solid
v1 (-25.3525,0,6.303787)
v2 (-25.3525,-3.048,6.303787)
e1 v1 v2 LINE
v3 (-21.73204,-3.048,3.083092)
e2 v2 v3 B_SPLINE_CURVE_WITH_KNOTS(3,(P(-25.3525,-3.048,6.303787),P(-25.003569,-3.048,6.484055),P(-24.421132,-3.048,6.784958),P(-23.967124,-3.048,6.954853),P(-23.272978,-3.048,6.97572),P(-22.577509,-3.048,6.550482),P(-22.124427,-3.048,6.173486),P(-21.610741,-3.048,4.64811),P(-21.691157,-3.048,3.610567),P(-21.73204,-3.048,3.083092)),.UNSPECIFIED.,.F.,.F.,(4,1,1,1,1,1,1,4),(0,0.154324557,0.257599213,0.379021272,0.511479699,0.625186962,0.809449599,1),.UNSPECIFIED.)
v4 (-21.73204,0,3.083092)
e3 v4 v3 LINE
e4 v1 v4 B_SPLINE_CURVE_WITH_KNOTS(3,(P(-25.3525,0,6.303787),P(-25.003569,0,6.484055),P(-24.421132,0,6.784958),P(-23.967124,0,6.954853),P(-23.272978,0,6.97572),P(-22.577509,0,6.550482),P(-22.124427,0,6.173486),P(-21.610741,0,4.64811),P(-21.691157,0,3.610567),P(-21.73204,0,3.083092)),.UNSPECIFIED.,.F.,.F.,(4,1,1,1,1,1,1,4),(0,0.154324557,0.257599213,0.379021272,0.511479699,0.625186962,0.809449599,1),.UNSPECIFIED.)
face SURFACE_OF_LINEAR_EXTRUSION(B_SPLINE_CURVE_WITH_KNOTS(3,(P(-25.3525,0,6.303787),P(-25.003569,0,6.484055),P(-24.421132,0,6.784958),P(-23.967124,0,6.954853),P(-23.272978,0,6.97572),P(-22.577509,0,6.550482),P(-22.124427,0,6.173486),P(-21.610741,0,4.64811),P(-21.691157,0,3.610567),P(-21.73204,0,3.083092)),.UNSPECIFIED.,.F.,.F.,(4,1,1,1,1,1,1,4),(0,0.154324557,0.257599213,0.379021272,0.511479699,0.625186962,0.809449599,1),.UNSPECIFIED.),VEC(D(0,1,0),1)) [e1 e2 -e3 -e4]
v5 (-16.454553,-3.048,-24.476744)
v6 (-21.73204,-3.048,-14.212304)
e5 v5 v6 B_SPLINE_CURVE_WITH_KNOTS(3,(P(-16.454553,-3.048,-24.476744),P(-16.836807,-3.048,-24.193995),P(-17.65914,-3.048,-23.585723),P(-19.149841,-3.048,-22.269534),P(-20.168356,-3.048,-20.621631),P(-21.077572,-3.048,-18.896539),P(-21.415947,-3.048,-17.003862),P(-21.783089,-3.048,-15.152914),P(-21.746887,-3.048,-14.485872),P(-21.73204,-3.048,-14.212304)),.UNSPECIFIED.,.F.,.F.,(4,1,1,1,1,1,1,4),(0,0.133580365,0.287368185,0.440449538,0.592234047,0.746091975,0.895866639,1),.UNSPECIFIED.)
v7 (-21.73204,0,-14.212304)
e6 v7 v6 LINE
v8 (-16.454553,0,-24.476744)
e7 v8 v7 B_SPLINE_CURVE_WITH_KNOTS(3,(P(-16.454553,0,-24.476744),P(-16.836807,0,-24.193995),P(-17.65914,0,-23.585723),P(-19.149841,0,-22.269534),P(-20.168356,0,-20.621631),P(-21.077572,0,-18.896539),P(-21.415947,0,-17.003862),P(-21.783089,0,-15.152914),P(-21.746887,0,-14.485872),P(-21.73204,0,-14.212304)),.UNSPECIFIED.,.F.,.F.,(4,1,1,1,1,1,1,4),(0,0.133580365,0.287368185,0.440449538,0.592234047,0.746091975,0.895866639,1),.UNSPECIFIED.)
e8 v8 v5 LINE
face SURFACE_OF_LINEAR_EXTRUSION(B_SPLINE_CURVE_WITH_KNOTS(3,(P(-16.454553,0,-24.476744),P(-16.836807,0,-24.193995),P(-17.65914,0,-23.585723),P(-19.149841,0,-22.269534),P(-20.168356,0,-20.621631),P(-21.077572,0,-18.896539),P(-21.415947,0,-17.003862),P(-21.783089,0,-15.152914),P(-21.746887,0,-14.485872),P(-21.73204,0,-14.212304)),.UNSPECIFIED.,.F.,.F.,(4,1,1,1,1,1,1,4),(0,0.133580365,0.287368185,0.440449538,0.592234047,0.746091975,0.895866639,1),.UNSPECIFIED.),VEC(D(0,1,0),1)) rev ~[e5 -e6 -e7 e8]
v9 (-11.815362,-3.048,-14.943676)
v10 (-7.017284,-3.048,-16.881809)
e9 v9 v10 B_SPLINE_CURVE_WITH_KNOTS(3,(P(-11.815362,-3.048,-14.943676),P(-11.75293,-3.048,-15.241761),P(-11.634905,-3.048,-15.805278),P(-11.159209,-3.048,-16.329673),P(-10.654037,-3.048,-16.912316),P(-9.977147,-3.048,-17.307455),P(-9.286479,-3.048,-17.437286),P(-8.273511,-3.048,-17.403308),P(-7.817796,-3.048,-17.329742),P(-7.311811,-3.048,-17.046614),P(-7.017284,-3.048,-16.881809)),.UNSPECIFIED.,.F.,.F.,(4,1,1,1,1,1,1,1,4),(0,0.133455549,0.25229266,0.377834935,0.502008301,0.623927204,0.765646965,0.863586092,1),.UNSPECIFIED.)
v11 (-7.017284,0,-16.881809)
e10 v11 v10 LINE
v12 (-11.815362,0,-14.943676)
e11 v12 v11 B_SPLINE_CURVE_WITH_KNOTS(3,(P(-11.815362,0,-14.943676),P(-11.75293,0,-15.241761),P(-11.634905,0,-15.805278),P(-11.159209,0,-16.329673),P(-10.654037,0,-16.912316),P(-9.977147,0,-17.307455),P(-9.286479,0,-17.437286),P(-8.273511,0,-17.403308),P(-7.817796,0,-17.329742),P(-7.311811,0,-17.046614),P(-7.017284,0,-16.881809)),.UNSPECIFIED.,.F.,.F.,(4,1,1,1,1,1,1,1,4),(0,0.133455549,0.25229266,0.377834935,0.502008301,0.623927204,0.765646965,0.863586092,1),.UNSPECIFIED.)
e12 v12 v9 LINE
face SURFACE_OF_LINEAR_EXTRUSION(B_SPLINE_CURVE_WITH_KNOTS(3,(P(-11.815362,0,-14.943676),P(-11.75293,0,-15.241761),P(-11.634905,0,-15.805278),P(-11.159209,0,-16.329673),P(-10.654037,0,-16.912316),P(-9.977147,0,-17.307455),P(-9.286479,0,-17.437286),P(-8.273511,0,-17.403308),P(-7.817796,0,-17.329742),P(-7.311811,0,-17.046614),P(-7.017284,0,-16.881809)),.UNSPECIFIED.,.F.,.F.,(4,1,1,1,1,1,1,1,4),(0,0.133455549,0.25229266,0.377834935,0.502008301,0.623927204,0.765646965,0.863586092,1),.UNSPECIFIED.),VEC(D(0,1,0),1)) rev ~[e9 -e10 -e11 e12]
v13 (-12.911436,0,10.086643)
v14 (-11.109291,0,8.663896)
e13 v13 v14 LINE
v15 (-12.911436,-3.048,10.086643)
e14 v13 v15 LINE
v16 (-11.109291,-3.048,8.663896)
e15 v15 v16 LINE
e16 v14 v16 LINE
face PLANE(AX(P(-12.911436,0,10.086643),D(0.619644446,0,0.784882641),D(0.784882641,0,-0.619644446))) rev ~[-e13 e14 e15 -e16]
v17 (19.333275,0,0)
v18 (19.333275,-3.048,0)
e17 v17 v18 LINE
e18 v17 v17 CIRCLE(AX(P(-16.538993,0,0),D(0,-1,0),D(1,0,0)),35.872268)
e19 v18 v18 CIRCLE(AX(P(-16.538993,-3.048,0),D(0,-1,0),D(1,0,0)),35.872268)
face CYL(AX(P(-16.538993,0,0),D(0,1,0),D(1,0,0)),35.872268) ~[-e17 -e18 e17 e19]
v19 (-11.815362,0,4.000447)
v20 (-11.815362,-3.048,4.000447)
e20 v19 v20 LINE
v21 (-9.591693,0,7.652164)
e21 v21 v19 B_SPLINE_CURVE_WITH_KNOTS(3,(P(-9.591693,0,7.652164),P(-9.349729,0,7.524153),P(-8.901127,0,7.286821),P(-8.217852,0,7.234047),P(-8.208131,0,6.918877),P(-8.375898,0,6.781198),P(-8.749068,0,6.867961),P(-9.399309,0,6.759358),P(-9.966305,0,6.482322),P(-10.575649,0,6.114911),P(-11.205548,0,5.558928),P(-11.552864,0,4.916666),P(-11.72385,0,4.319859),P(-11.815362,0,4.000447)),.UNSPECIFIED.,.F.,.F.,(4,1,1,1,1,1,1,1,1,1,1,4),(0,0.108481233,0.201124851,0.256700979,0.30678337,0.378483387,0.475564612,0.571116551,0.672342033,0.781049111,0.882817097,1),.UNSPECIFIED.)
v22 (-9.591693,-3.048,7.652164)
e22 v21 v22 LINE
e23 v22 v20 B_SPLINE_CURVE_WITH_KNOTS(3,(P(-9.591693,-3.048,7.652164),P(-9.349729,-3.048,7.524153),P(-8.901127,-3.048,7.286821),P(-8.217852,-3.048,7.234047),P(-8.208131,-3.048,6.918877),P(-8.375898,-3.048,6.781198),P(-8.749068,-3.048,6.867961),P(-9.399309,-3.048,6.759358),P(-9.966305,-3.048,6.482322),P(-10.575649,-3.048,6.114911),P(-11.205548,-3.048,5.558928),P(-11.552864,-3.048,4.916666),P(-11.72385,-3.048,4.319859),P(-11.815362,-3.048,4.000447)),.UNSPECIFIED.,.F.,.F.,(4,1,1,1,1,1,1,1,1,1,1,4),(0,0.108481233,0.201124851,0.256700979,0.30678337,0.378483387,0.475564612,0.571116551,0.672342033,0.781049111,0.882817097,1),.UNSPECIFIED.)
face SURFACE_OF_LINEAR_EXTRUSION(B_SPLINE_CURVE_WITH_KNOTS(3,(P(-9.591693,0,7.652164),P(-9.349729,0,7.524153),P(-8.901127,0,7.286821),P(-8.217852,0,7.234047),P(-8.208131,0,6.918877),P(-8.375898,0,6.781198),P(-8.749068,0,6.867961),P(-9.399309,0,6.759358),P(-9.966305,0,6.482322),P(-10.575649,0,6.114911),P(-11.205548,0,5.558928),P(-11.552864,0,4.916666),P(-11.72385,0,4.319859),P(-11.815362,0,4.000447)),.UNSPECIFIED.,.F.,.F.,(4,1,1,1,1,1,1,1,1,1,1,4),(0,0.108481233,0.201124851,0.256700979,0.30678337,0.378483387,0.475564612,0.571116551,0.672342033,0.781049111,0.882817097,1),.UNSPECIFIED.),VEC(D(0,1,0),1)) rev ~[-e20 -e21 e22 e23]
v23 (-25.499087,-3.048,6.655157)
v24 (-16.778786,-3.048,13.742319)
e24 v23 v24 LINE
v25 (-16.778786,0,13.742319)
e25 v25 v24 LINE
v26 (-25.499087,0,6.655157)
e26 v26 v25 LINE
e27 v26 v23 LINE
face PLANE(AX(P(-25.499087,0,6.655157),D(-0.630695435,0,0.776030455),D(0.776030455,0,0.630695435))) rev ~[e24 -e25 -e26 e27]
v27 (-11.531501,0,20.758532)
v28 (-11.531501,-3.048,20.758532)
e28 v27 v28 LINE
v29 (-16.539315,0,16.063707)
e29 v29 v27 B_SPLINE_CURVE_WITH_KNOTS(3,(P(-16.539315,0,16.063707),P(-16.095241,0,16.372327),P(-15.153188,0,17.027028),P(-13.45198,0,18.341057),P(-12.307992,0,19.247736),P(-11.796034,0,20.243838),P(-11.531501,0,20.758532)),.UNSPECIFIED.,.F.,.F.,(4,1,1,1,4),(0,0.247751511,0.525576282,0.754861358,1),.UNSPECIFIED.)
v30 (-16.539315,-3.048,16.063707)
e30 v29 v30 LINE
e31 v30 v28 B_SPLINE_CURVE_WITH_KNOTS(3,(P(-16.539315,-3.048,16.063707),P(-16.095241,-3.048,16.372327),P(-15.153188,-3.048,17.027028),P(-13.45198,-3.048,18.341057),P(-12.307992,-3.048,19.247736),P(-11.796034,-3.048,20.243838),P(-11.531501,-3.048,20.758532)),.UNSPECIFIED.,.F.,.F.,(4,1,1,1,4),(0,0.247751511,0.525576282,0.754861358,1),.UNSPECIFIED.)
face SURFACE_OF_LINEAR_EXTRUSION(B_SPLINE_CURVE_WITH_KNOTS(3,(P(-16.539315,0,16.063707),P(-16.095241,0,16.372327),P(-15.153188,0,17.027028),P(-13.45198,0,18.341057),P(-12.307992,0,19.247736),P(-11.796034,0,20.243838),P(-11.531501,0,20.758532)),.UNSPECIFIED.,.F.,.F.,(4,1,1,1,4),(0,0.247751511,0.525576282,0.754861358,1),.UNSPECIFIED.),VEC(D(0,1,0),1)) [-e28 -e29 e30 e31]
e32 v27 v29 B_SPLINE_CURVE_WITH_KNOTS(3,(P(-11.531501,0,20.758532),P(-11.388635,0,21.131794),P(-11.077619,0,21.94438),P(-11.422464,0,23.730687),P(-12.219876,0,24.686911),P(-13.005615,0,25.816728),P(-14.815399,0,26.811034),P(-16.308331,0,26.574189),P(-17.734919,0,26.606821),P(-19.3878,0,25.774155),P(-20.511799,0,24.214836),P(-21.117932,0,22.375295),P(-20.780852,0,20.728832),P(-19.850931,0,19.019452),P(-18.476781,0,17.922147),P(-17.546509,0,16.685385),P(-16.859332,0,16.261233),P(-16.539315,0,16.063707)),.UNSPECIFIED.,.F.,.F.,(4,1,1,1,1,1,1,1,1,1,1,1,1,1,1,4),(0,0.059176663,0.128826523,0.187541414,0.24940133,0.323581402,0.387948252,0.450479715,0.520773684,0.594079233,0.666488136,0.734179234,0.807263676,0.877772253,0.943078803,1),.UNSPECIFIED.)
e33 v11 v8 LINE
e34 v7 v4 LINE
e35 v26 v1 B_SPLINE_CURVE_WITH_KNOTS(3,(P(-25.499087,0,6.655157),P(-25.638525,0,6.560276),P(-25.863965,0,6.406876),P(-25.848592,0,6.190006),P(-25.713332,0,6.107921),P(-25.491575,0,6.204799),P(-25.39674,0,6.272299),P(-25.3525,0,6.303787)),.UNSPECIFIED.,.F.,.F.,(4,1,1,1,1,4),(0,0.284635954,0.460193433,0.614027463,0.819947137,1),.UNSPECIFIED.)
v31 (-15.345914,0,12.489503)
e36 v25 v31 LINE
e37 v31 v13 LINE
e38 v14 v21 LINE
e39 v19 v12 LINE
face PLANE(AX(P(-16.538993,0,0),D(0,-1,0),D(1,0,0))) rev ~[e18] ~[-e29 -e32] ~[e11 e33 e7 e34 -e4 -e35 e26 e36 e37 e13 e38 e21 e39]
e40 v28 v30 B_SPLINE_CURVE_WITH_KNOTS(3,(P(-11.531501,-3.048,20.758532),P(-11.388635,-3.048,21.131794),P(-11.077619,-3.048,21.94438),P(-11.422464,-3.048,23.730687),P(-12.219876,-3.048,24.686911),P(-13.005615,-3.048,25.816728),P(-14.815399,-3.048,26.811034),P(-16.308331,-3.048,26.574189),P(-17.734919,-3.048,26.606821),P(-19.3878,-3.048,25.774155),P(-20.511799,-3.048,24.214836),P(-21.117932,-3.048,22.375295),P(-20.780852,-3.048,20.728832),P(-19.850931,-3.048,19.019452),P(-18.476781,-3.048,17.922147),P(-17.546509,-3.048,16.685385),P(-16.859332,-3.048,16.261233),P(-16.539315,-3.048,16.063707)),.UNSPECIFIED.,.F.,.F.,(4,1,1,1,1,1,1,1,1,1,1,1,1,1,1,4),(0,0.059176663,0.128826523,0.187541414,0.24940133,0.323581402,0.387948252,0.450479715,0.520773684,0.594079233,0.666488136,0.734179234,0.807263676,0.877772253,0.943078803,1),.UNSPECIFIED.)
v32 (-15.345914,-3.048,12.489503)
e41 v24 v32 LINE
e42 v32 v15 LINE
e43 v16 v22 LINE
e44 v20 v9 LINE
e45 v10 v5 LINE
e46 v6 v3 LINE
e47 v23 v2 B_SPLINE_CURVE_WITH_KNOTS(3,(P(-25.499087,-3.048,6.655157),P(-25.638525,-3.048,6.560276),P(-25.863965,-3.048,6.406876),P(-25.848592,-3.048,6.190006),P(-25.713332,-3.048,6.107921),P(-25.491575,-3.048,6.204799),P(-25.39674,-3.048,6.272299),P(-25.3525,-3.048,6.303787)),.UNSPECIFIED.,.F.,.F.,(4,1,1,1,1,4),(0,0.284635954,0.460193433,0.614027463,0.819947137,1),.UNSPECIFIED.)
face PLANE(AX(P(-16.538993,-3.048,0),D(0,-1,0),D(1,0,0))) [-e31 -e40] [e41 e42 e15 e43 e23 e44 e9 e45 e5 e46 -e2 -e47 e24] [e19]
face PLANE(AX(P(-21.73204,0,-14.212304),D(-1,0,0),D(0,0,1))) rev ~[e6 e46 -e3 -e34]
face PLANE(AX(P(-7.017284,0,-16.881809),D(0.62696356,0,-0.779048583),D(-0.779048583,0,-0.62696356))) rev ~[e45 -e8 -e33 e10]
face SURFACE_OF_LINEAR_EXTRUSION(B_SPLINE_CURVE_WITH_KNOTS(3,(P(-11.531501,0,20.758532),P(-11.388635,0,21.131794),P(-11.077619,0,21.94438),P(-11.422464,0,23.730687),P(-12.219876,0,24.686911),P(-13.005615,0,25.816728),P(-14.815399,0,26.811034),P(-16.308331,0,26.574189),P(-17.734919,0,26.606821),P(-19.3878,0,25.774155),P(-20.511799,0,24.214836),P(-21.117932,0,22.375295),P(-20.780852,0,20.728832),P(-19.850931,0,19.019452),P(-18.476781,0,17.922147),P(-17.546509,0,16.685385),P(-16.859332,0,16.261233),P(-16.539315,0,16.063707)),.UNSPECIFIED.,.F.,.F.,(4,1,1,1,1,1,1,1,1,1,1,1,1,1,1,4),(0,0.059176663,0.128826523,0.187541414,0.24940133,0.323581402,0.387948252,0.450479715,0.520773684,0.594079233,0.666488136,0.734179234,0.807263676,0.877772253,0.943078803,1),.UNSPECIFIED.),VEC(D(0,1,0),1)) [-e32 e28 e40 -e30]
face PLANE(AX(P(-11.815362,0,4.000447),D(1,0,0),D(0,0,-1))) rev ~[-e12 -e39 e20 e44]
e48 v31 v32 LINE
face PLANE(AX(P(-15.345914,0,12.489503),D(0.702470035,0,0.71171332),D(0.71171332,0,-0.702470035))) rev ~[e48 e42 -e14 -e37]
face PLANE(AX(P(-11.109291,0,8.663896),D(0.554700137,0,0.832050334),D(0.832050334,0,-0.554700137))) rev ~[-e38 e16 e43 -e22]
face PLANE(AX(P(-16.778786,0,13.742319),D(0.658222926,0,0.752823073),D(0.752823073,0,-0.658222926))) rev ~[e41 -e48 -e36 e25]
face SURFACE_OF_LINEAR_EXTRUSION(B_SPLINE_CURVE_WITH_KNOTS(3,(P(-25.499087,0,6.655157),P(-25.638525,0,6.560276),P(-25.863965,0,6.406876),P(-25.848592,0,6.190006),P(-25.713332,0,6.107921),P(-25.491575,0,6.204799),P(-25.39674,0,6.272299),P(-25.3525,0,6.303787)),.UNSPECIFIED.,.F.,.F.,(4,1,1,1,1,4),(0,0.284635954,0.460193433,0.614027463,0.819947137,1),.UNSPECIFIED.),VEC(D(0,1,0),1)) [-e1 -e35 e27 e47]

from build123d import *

# Parameters (mm, degrees)
F0_R     = 35.8722677543
F1_DEPTH = 3.048


with BuildPart() as f1:
    # F0 (on Front) → F1 (new body)
    with BuildSketch(Plane.XZ):
        with Locations((-16.5389925241, 0)):
            Circle(F0_R)
        with BuildLine():
            Line((-7.0172841661, -16.8818086386), (-16.4545532316, -24.4767442346))
            add(Edge.make_bspline(
                [(-16.4545532316, -24.4767442346), (-16.8368068171, -24.1939949846), (-17.6591396418, -23.5857234125), (-19.1498410611, -22.2695343414), (-20.1683555608, -20.6216308858), (-21.0775722167, -18.8965393574), (-21.4159472056, -17.0038620995), (-21.7830891286, -15.1529140615), (-21.7468870372, -14.4858724729), (-21.7320397496, -14.2123037949)],
                knots=[0, 0, 0, 0, 0.1335803654, 0.2873681853, 0.4404495382, 0.5922340471, 0.7460919747, 0.8958666386, 1, 1, 1, 1], degree=3))
            Line((-21.7320397496, -14.2123037949), (-21.7320397496, 3.0830921605))
            add(Edge.make_bspline(
                [(-25.3525003791, 6.3037872314), (-25.0035694122, 6.4840549077), (-24.4211323439, 6.784958487), (-23.9671240009, 6.9548534074), (-23.2729776472, 6.9757200424), (-22.5775088209, 6.5504818074), (-22.1244270369, 6.173485954), (-21.610740531, 4.6481096322), (-21.6911569949, 3.6105665011), (-21.7320397496, 3.0830921605)],
                knots=[0, 0, 0, 0, 0.1543245572, 0.2575992135, 0.3790212722, 0.5114796991, 0.6251869619, 0.8094495986, 1, 1, 1, 1], degree=3))
            add(Edge.make_bspline(
                [(-25.499086827, 6.6551566124), (-25.6385246281, 6.5602763851), (-25.8639647367, 6.4068760261), (-25.8485920944, 6.1900064814), (-25.7133319129, 6.107920989), (-25.4915746658, 6.2047990872), (-25.3967399547, 6.2722990707), (-25.3525003791, 6.3037872314)],
                knots=[0, 0, 0, 0, 0.2846359539, 0.4601934329, 0.6140274626, 0.8199471371, 1, 1, 1, 1], degree=3))
            Line((-25.499086827, 6.6551566124), (-16.7787857354, 13.7423193082))
            Line((-16.7787857354, 13.7423193082), (-15.3459142894, 12.4895032495))
            Line((-15.3459142894, 12.4895032495), (-12.911436148, 10.0866425782))
            Line((-12.911436148, 10.0866425782), (-11.1092906445, 8.6638955399))
            Line((-11.1092906445, 8.6638955399), (-9.5916930586, 7.6521639712))
            add(Edge.make_bspline(
                [(-9.5916930586, 7.6521639712), (-9.349729434, 7.5241534863), (-8.901127436, 7.2868212866), (-8.2178516893, 7.2340472433), (-8.2081308902, 6.9188765434), (-8.3758976081, 6.7811977964), (-8.7490682058, 6.8679608418), (-9.3993086232, 6.7593583892), (-9.9663047763, 6.4823224185), (-10.5756488537, 6.11491138), (-11.205548345, 5.5589280964), (-11.5528638282, 4.9166655347), (-11.7238497245, 4.3198587863), (-11.8153616786, 4.0004467592)],
                knots=[0, 0, 0, 0, 0.1084812333, 0.2011248513, 0.256700979, 0.3067833697, 0.3784833865, 0.4755646116, 0.5711165511, 0.6723420327, 0.7810491113, 0.8828170972, 1, 1, 1, 1], degree=3))
            Line((-11.8153616786, 4.0004467592), (-11.8153616786, 0))
            Line((-11.8153616786, 0), (-11.8153616786, -9.1262217611))
            Line((-11.8153616786, -9.1262217611), (-11.8153616786, -14.9436760694))
            add(Edge.make_bspline(
                [(-11.8153616786, -14.9436760694), (-11.752930028, -15.2417605806), (-11.6349053575, -15.8052780581), (-11.1592093747, -16.3296727482), (-10.6540369389, -16.9123160957), (-9.9771466257, -17.3074550788), (-9.2864785852, -17.4372864271), (-8.2735107194, -17.4033083883), (-7.8177957528, -17.3297418503), (-7.3118112692, -17.0466138374), (-7.0172841661, -16.8818086386)],
                knots=[0, 0, 0, 0, 0.1334555489, 0.25229266, 0.3778349348, 0.5020083005, 0.6239272043, 0.7656469646, 0.8635860924, 1, 1, 1, 1], degree=3))
        make_face(mode=Mode.SUBTRACT)
        with BuildLine():
            add(Edge.make_bspline(
                [(-16.5393147618, 16.0637069494), (-16.0952406112, 16.3723268092), (-15.1531884741, 17.0270282778), (-13.4519795924, 18.3410565916), (-12.307992004, 19.2477362645), (-11.7960339961, 20.2438380114), (-11.5315010771, 20.7585319877)],
                knots=[0, 0, 0, 0, 0.2477515115, 0.5255762818, 0.7548613575, 1, 1, 1, 1], degree=3))
            add(Edge.make_bspline(
                [(-11.5315010771, 20.7585319877), (-11.3886353445, 21.131794299), (-11.0776192325, 21.9443795897), (-11.422463862, 23.7306869337), (-12.2198755022, 24.6869108683), (-13.0056152853, 25.8167281527), (-14.8153986013, 26.8110341086), (-16.3083312279, 26.5741886558), (-17.7349189872, 26.6068206692), (-19.3878002125, 25.774154561), (-20.5117985183, 24.2148361341), (-21.1179317123, 22.375294743), (-20.7808520416, 20.7288316555), (-19.8509306492, 19.0194517847), (-18.4767807189, 17.9221470779), (-17.54650896, 16.6853845369), (-16.8593317149, 16.2612332732), (-16.5393147618, 16.0637069494)],
                knots=[0, 0, 0, 0, 0.0591766629, 0.1288265232, 0.1875414136, 0.2494013304, 0.3235814023, 0.3879482515, 0.4504797153, 0.5207736845, 0.5940792329, 0.6664881359, 0.7341792345, 0.8072636763, 0.8777722528, 0.9430788032, 1, 1, 1, 1], degree=3))
        make_face(mode=Mode.SUBTRACT)
    extrude(amount=F1_DEPTH)


solid = f1.part
